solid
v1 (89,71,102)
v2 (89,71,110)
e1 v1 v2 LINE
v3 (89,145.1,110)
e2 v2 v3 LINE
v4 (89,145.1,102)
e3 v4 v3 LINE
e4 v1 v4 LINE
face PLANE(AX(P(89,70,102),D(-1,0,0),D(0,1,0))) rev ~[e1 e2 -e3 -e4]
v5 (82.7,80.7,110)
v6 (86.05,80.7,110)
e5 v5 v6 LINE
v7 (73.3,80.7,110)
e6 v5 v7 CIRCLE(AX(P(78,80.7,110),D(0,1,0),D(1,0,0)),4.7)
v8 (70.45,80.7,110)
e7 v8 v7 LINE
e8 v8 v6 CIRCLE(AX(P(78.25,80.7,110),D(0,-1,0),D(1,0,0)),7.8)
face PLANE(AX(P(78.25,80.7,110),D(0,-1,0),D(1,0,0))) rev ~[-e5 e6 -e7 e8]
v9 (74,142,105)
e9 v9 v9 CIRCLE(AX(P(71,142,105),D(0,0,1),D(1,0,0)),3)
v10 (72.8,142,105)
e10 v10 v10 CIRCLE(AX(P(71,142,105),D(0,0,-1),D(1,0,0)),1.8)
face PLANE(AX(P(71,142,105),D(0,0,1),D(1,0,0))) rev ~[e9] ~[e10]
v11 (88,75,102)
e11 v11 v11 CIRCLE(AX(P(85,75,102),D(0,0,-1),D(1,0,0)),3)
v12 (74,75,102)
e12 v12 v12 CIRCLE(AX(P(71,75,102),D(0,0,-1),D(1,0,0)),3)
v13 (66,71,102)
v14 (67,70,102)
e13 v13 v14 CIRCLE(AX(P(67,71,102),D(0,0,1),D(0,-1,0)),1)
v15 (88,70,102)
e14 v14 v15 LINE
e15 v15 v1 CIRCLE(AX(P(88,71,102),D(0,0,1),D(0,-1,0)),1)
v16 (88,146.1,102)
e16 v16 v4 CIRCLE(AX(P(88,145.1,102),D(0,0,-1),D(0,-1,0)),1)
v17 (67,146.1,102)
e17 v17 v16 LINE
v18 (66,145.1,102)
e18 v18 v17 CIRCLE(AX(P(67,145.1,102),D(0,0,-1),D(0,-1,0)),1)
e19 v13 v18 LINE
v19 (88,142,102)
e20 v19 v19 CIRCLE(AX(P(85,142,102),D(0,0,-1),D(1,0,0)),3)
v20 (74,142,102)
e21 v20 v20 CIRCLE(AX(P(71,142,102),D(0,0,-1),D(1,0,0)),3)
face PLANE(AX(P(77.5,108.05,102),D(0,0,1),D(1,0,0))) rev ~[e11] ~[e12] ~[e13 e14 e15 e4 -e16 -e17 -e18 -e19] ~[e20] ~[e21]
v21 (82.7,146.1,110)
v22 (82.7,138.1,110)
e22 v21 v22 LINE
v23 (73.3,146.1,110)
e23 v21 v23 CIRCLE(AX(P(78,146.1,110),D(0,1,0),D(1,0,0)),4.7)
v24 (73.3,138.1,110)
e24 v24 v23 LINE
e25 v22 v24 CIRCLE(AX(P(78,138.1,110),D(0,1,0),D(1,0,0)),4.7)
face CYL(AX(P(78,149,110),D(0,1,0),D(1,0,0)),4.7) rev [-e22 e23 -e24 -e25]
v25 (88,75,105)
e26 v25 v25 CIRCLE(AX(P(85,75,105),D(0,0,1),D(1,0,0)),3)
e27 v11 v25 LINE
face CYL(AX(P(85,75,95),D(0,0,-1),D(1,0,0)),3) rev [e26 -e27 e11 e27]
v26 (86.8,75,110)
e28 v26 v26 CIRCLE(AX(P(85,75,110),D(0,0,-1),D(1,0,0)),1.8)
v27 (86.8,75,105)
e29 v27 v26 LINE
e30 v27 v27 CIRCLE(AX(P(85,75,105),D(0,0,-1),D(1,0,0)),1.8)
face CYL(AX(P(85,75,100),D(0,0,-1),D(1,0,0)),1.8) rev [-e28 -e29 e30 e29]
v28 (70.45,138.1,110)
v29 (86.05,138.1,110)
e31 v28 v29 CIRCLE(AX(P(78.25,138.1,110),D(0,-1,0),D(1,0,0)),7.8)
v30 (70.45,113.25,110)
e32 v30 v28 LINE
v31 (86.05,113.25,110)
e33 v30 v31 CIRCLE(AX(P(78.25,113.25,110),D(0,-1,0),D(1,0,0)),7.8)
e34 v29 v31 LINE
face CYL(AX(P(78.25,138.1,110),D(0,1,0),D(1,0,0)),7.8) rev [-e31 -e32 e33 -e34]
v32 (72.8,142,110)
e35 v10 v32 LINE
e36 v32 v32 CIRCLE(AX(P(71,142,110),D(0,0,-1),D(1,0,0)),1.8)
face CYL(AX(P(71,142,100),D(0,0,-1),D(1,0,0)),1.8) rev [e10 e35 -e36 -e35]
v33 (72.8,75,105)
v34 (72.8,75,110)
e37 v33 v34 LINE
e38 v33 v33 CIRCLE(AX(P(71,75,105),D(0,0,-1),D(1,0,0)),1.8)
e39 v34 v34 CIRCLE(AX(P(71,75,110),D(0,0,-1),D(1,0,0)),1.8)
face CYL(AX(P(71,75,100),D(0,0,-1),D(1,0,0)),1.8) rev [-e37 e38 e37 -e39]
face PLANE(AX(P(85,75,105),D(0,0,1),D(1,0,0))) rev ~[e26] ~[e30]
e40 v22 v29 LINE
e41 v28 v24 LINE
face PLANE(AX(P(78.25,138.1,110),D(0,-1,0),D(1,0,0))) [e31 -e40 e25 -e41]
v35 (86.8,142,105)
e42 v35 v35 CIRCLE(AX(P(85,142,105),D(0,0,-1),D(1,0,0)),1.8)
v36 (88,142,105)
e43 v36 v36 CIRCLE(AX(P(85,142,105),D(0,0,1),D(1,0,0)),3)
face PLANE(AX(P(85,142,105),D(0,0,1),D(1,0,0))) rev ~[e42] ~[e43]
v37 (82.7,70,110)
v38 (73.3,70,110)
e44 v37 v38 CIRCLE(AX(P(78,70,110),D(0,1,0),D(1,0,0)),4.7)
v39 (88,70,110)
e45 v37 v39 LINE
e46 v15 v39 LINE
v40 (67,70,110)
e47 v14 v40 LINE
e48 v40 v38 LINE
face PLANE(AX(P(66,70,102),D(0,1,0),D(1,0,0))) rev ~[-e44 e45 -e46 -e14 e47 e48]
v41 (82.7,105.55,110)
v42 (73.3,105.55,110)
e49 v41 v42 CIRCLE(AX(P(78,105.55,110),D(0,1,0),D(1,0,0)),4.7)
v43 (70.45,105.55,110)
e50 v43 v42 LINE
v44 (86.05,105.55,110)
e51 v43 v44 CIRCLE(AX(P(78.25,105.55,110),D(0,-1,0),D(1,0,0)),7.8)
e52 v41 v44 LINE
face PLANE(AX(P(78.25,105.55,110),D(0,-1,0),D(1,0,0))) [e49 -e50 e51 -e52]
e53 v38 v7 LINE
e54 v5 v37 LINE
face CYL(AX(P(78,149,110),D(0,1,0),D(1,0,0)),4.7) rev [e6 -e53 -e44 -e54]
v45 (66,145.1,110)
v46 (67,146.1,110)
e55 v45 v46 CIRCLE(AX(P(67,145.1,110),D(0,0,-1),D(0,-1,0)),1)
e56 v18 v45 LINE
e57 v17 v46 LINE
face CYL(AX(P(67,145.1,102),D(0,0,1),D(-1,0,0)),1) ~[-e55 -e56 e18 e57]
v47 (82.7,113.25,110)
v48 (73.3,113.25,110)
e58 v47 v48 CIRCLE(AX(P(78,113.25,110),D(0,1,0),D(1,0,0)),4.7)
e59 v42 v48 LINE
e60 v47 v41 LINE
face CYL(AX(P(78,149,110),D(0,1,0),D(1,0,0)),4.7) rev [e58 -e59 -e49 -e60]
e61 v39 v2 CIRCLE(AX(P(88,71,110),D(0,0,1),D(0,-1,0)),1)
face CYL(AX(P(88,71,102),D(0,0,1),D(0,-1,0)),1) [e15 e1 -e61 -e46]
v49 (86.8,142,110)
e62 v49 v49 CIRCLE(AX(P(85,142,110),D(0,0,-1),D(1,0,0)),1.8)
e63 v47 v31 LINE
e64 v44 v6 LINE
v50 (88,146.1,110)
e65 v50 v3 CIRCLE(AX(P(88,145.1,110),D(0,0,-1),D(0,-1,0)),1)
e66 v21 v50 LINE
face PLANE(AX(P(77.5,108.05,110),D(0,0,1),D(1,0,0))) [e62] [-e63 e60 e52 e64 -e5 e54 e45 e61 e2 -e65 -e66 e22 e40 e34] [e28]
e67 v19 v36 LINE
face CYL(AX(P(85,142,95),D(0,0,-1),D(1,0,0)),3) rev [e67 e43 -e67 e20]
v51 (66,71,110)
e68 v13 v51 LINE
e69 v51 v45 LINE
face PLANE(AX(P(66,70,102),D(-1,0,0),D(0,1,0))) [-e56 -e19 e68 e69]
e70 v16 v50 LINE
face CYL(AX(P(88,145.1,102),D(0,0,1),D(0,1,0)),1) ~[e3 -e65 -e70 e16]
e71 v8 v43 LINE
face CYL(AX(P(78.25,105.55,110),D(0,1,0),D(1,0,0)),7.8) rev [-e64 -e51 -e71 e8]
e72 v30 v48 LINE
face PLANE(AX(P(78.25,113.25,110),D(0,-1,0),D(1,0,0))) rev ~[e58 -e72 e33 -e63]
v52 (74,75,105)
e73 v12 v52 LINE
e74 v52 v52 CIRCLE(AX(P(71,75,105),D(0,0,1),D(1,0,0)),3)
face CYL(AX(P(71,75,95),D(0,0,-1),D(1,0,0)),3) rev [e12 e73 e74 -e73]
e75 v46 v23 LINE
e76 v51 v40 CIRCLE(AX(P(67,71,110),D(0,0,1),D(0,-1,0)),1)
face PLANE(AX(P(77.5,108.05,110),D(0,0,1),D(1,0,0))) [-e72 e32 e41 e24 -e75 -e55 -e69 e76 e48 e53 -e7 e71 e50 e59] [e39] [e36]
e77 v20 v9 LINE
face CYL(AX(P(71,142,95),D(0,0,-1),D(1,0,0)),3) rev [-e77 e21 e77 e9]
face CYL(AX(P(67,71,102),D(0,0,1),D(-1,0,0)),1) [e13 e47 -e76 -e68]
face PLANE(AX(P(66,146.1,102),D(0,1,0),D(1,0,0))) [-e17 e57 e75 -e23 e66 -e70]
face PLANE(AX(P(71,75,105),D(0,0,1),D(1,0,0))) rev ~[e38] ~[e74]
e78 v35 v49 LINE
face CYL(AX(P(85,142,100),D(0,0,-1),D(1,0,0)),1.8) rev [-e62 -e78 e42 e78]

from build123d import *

# Parameters (mm, degrees)
CYLINDER049_R          = 4.7
CYLINDER049_DEPTH      = 100
CYLINDER049_ROLL_ANGLE = 90
CYLINDER045_R          = 1.8
CYLINDER045_DEPTH      = 20
CYLINDER044_R          = 3
CYLINDER044_DEPTH      = 10
CYLINDER042_R          = 1.8
CYLINDER042_DEPTH      = 20
CYLINDER041_R          = 3
CYLINDER041_DEPTH      = 10
CYLINDER034_R          = 3
CYLINDER034_DEPTH      = 10
CYLINDER033_R          = 3
CYLINDER033_DEPTH      = 10
CYLINDER031_R          = 1.8
CYLINDER031_DEPTH      = 20
CYLINDER032_R          = 1.8
CYLINDER032_DEPTH      = 20
CYLINDER029_R          = 7.8
CYLINDER029_DEPTH      = 24.85
CYLINDER029_ROLL_ANGLE = 90
CYLINDER030_R          = 4.4
CYLINDER030_DEPTH      = 76.1
CYLINDER030_ROLL_ANGLE = 90
CYLINDER028_R          = 7.8
CYLINDER028_DEPTH      = 24.85
CYLINDER028_ROLL_ANGLE = 90
BOX011_W               = 23
BOX011_H               = 76.1
BOX011_DEPTH           = 8
FILLET003002_R         = 1


with BuildPart() as cylinder049:
    # Cylinder049 → Cylinder049 (new body)
    with BuildSketch(Plane.XY):
        Circle(CYLINDER049_R)
    extrude(amount=CYLINDER049_DEPTH)


with BuildPart() as cylinder049_1:
    # Cylinder049 roll: moved
    add(cylinder049.part.rotate(Axis((0, 0, 0), (1, 0, 0)), CYLINDER049_ROLL_ANGLE))


with BuildPart() as cylinder049_2:
    # Cylinder049 placement: moved
    add(cylinder049_1.part.moved(Location((12, 79, 0))))


with BuildPart() as cilindro030:
    # Cylinder045 → Cylinder045 (new body)
    with BuildSketch(Plane(origin=(19, 5, -10), x_dir=(1, 0, 0), z_dir=(0, 0, 1))):
        Circle(CYLINDER045_R)
    extrude(amount=CYLINDER045_DEPTH)


with BuildPart() as cilindro029:
    # Cylinder044 → Cylinder044 (new body)
    with BuildSketch(Plane(origin=(19, 5, -15), x_dir=(1, 0, 0), z_dir=(0, 0, 1))):
        Circle(CYLINDER044_R)
    extrude(amount=CYLINDER044_DEPTH)


with BuildPart() as cilindro027:
    # Cylinder042 → Cylinder042 (new body)
    with BuildSketch(Plane(origin=(19, 72, -10), x_dir=(1, 0, 0), z_dir=(0, 0, 1))):
        Circle(CYLINDER042_R)
    extrude(amount=CYLINDER042_DEPTH)


with BuildPart() as cilindro026:
    # Cylinder041 → Cylinder041 (new body)
    with BuildSketch(Plane(origin=(19, 72, -15), x_dir=(1, 0, 0), z_dir=(0, 0, 1))):
        Circle(CYLINDER041_R)
    extrude(amount=CYLINDER041_DEPTH)


with BuildPart() as cilindro019:
    # Cylinder034 → Cylinder034 (new body)
    with BuildSketch(Plane(origin=(5, 72, -15), x_dir=(1, 0, 0), z_dir=(0, 0, 1))):
        Circle(CYLINDER034_R)
    extrude(amount=CYLINDER034_DEPTH)


with BuildPart() as cilindro018:
    # Cylinder033 → Cylinder033 (new body)
    with BuildSketch(Plane(origin=(5, 5, -15), x_dir=(1, 0, 0), z_dir=(0, 0, 1))):
        Circle(CYLINDER033_R)
    extrude(amount=CYLINDER033_DEPTH)


with BuildPart() as cilindro016:
    # Cylinder031 → Cylinder031 (new body)
    with BuildSketch(Plane(origin=(5, 5, -10), x_dir=(1, 0, 0), z_dir=(0, 0, 1))):
        Circle(CYLINDER031_R)
    extrude(amount=CYLINDER031_DEPTH)


with BuildPart() as cilindro017:
    # Cylinder032 → Cylinder032 (new body)
    with BuildSketch(Plane(origin=(5, 72, -10), x_dir=(1, 0, 0), z_dir=(0, 0, 1))):
        Circle(CYLINDER032_R)
    extrude(amount=CYLINDER032_DEPTH)


with BuildPart() as cylinder029:
    # Cylinder029 → Cylinder029 (new body)
    with BuildSketch(Plane.XY):
        Circle(CYLINDER029_R)
    extrude(amount=CYLINDER029_DEPTH)


with BuildPart() as cylinder029_1:
    # Cylinder029 roll: moved
    add(cylinder029.part.rotate(Axis((0, 0, 0), (1, 0, 0)), CYLINDER029_ROLL_ANGLE))


with BuildPart() as cylinder029_2:
    # Cylinder029 placement: moved
    add(cylinder029_1.part.moved(Location((12.25, 68.1, 0))))


with BuildPart() as cylinder030:
    # Cylinder030 → Cylinder030 (new body)
    with BuildSketch(Plane.XY):
        Circle(CYLINDER030_R)
    extrude(amount=CYLINDER030_DEPTH)


with BuildPart() as cylinder030_1:
    # Cylinder030 roll: moved
    add(cylinder030.part.rotate(Axis((0, 0, 0), (1, 0, 0)), CYLINDER030_ROLL_ANGLE))


with BuildPart() as cylinder030_2:
    # Cylinder030 placement: moved
    add(cylinder030_1.part.moved(Location((12.25, 76.1, 0))))


with BuildPart() as cylinder028:
    # Cylinder028 → Cylinder028 (new body)
    with BuildSketch(Plane.XY):
        Circle(CYLINDER028_R)
    extrude(amount=CYLINDER028_DEPTH)


with BuildPart() as cylinder028_1:
    # Cylinder028 roll: moved
    add(cylinder028.part.rotate(Axis((0, 0, 0), (1, 0, 0)), CYLINDER028_ROLL_ANGLE))


with BuildPart() as cylinder028_2:
    # Cylinder028 placement: moved
    add(cylinder028_1.part.moved(Location((12.25, 35.55, 0))))


with BuildPart() as carcasa_2_vi:
    # Box011 → Box011 (new body)
    with BuildSketch(Plane.XY.offset(-8)):
        with Locations((11.5, 38.05)):
            Rectangle(BOX011_W, BOX011_H)
    extrude(amount=BOX011_DEPTH)

    # Cut010035003006: cut Cylinder028
    add(cylinder028_2.part, mode=Mode.SUBTRACT)

    # Cut010035003007: cut Cylinder030
    add(cylinder030_2.part, mode=Mode.SUBTRACT)

    # Cut010035003008: cut Cylinder029
    add(cylinder029_2.part, mode=Mode.SUBTRACT)

    # Cut010035003009: cut Cilindro017
    add(cilindro017.part, mode=Mode.SUBTRACT)

    # Cut010035003010: cut Cilindro016
    add(cilindro016.part, mode=Mode.SUBTRACT)

    # Fillet003002
    fillet003002_edges = [carcasa_2_vi.edges().sort_by_distance(p)[0] for p in [
        (0, 0, -4),
        (0, 76.1, -4),
        (23, 0, -4),
        (23, 76.1, -4),
    ]]
    fillet(fillet003002_edges, radius=FILLET003002_R)

    # Cut010035003011: cut Cilindro018
    add(cilindro018.part, mode=Mode.SUBTRACT)

    # Cut010035003012: cut Cilindro019
    add(cilindro019.part, mode=Mode.SUBTRACT)

    # Cut010035003022: cut Cilindro026
    add(cilindro026.part, mode=Mode.SUBTRACT)

    # Cut010035003023: cut Cilindro027
    add(cilindro027.part, mode=Mode.SUBTRACT)

    # Cut010035003026: cut Cilindro029
    add(cilindro029.part, mode=Mode.SUBTRACT)

    # Cut010035003027: cut Cilindro030
    add(cilindro030.part, mode=Mode.SUBTRACT)

    # Cut010035003032: cut Cylinder049
    add(cylinder049_2.part, mode=Mode.SUBTRACT)


with BuildPart() as carcasa_2_vi_1:
    # Cut010035003032 placement: moved
    add(carcasa_2_vi.part.moved(Location((66, 70, 110))))


solid = carcasa_2_vi_1.part
